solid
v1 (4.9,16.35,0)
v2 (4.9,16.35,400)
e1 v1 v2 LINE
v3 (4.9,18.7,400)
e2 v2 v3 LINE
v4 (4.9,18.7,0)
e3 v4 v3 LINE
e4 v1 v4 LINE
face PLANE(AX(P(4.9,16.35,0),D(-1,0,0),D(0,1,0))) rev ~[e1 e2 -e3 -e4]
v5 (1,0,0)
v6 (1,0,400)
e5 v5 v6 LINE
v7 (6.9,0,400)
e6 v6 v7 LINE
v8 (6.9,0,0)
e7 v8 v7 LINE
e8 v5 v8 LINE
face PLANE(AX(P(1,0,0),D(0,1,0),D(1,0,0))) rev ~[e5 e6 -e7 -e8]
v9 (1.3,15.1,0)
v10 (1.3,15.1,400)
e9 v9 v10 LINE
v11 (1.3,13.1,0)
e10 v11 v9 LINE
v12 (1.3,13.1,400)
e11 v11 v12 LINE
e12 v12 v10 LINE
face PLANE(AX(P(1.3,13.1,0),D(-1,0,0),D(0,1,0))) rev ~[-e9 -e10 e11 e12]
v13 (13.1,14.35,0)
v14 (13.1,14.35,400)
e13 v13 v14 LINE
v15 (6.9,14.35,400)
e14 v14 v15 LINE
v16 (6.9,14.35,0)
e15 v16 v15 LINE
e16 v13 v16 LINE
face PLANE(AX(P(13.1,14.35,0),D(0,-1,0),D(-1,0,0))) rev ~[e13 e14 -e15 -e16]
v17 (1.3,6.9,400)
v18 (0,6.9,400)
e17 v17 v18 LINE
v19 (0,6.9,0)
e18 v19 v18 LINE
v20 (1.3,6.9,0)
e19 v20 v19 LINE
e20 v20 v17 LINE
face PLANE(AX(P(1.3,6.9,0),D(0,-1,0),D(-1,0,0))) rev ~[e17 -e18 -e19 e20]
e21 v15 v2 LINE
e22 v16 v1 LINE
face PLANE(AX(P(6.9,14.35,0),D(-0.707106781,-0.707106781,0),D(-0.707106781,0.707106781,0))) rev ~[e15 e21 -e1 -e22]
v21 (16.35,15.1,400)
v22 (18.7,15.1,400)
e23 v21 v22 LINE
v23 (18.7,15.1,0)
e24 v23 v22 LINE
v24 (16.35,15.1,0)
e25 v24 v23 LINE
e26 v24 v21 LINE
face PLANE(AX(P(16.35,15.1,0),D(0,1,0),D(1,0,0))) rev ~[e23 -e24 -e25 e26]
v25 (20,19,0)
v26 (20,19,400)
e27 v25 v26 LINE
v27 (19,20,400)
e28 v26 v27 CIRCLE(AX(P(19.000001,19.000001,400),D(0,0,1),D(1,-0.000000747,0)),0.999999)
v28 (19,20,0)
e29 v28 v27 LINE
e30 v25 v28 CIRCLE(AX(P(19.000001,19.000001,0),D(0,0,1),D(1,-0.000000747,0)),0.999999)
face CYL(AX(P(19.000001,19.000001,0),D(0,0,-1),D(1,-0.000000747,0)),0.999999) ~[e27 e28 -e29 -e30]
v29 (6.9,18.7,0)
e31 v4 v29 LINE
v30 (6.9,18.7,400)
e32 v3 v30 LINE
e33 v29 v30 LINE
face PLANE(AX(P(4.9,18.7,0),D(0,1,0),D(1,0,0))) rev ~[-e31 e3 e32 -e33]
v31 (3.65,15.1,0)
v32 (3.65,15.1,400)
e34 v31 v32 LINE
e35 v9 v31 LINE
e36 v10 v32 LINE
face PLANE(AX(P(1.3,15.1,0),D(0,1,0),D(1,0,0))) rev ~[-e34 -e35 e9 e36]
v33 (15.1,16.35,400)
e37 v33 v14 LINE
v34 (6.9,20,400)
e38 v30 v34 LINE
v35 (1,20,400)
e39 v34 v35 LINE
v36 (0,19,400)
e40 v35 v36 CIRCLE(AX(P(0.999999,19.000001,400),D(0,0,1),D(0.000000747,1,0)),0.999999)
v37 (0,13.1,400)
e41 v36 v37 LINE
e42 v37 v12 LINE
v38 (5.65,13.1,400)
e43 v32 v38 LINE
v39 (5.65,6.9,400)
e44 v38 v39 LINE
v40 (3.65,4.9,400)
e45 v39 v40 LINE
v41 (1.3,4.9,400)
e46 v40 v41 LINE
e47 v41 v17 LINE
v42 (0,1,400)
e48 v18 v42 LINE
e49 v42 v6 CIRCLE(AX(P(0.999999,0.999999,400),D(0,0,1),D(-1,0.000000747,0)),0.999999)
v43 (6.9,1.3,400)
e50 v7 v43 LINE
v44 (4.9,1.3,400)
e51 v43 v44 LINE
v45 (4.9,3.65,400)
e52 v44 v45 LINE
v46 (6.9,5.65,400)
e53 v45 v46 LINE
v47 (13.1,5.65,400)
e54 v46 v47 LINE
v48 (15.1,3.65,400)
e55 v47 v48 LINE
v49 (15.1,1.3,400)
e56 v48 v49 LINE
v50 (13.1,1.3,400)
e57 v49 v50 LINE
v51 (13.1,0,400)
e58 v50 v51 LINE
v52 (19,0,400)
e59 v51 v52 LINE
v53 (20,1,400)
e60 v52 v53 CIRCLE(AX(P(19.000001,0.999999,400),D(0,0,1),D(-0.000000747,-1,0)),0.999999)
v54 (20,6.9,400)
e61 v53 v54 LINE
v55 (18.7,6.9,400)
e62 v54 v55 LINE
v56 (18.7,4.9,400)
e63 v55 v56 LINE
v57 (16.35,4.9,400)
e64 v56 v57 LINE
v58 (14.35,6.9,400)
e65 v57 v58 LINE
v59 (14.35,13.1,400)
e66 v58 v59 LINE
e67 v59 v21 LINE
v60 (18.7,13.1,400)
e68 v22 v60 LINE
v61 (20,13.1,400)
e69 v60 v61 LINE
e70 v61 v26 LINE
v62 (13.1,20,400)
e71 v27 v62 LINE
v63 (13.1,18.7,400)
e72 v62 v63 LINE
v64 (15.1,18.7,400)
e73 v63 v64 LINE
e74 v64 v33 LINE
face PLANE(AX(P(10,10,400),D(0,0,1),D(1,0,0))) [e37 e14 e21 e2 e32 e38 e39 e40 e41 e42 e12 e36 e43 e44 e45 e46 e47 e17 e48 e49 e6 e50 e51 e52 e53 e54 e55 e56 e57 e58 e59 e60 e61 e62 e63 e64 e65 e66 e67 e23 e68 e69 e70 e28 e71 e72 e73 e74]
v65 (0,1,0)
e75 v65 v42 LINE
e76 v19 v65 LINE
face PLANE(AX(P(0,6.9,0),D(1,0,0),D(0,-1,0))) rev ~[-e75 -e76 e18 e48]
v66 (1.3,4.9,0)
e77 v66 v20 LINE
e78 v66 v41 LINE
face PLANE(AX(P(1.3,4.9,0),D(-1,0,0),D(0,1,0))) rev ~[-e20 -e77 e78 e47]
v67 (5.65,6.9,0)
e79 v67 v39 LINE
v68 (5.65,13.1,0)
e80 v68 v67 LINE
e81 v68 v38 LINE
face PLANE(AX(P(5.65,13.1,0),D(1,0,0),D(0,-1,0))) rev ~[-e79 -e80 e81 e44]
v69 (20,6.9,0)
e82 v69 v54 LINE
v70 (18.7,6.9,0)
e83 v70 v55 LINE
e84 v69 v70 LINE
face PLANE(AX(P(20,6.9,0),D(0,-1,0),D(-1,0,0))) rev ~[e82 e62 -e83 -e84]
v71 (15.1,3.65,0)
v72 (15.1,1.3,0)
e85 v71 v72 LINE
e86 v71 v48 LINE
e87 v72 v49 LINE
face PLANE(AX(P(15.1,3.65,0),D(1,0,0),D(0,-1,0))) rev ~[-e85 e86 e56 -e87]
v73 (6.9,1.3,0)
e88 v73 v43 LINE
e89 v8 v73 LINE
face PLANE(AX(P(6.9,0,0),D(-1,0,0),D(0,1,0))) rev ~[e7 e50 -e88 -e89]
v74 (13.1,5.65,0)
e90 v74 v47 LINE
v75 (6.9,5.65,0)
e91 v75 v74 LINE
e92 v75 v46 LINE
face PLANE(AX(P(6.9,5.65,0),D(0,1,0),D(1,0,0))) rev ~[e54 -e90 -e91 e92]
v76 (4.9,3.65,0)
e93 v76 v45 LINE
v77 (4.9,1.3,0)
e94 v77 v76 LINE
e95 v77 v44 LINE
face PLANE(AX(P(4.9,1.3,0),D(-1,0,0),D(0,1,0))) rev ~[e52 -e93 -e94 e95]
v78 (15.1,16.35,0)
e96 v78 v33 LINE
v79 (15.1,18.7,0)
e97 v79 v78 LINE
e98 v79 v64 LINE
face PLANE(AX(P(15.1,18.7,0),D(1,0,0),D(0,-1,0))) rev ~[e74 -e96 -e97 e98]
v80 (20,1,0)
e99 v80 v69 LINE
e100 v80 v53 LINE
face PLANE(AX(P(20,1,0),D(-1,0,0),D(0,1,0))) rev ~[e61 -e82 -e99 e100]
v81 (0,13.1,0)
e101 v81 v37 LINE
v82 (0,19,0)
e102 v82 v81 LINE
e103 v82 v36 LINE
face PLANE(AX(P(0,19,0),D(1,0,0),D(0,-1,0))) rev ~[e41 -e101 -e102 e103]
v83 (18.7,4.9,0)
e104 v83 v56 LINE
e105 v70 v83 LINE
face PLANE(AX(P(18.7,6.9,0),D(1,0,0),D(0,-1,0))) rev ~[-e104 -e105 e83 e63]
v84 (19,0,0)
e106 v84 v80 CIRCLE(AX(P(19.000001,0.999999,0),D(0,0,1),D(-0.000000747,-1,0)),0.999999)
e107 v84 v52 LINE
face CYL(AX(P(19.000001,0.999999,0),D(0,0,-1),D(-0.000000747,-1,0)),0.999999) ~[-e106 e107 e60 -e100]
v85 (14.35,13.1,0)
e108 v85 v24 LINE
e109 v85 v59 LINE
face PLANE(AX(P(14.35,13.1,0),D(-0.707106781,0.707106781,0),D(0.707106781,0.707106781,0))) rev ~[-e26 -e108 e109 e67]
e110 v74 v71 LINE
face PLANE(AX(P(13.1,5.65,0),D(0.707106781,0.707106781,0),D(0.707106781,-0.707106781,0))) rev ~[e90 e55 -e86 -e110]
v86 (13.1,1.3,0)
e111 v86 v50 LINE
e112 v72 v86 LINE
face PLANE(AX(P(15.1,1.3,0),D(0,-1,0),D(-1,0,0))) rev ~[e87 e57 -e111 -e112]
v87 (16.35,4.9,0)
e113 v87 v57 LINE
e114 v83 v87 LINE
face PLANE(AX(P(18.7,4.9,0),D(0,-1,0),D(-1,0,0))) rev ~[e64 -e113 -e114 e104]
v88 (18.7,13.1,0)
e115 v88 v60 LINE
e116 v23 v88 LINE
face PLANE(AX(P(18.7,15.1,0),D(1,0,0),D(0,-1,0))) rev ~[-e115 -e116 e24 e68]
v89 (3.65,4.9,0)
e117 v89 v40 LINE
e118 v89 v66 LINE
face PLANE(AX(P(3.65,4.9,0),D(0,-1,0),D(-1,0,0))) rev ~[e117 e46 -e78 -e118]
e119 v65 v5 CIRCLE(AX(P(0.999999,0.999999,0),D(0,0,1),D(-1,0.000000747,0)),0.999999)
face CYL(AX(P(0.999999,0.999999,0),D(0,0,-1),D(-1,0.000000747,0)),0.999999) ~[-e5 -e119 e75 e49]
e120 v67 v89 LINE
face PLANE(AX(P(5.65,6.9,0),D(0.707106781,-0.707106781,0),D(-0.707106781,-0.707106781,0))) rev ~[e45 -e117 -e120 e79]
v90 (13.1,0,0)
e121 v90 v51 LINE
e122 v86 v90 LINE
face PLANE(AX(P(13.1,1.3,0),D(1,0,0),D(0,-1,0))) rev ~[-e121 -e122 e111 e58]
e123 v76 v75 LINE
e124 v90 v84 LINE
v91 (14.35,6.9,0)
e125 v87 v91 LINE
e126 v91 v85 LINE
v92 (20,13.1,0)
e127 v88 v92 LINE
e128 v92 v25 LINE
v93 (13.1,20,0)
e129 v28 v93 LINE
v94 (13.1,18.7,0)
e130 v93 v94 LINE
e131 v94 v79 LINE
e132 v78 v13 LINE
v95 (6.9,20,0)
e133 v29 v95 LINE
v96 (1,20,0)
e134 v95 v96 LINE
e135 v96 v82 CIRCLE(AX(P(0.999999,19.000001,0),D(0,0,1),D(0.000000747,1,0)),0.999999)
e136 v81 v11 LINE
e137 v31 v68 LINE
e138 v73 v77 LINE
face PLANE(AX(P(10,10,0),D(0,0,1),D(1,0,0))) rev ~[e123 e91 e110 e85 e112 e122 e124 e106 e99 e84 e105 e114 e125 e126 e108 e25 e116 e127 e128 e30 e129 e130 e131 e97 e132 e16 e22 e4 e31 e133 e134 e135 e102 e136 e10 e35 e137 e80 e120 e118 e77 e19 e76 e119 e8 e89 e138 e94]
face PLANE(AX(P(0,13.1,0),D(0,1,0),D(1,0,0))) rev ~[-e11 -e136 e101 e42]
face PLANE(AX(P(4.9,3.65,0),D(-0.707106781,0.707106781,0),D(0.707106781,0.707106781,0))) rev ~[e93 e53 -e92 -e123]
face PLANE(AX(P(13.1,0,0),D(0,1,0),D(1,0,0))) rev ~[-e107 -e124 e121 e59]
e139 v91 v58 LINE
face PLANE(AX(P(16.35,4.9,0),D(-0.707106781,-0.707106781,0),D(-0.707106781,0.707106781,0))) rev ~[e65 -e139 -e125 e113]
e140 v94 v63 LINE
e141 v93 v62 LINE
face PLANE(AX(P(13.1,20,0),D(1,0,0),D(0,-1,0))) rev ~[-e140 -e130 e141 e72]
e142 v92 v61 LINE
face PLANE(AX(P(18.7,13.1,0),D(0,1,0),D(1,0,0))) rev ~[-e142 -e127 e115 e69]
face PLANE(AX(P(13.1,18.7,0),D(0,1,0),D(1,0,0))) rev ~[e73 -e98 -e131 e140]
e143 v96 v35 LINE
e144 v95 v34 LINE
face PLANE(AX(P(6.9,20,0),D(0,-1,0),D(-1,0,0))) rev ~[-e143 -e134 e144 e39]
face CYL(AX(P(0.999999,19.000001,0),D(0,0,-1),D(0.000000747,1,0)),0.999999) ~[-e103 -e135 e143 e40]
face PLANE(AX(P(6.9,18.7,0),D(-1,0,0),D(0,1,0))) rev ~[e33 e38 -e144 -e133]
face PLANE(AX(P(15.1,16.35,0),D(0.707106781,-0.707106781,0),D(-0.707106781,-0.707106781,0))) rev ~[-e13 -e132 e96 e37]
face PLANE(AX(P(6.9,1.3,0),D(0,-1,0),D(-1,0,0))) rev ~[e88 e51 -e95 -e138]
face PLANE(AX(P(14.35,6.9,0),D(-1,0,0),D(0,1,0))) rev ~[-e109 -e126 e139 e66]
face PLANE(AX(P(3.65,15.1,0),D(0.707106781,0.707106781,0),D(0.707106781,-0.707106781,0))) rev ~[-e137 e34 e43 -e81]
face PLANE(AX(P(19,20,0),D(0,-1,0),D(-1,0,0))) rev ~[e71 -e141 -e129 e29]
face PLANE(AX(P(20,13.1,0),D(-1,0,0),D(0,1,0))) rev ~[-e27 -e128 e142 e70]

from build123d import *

# Parameters (mm, degrees)
F1_DEPTH = 400


with BuildPart() as f1:
    # F0 (on Top) → F1 (new body)
    with BuildSketch(Plane.XY):
        with BuildLine():
            Line((5.65, 13.1), (5.65, 6.9))
            Line((5.65, 6.9), (3.65, 4.9))
            Line((3.65, 4.9), (1.3, 4.9))
            Line((1.3, 4.9), (1.3, 6.9))
            Line((1.3, 6.9), (0, 6.9))
            Line((0, 6.9), (0, 1))
            ThreePointArc((0, 1), (0.292893, 0.292893), (1, 0))
            Line((1, 0), (6.9, 0))
            Line((6.9, 0), (6.9, 1.3))
            Line((6.9, 1.3), (4.9, 1.3))
            Line((4.9, 1.3), (4.9, 3.65))
            Line((4.9, 3.65), (6.9, 5.65))
            Line((6.9, 5.65), (13.1, 5.65))
            Line((13.1, 5.65), (15.1, 3.65))
            Line((15.1, 3.65), (15.1, 1.3))
            Line((15.1, 1.3), (13.1, 1.3))
            Line((13.1, 1.3), (13.1, 0))
            Line((13.1, 0), (19, 0))
            ThreePointArc((19, 0), (19.707107, 0.292893), (20, 1))
            Line((20, 1), (20, 6.9))
            Line((20, 6.9), (18.7, 6.9))
            Line((18.7, 6.9), (18.7, 4.9))
            Line((18.7, 4.9), (16.35, 4.9))
            Line((16.35, 4.9), (14.35, 6.9))
            Line((14.35, 6.9), (14.35, 13.1))
            Line((14.35, 13.1), (16.35, 15.1))
            Line((16.35, 15.1), (18.7, 15.1))
            Line((18.7, 15.1), (18.7, 13.1))
            Line((18.7, 13.1), (20, 13.1))
            Line((20, 13.1), (20, 19))
            ThreePointArc((20, 19), (19.707107, 19.707107), (19, 20))
            Line((19, 20), (13.1, 20))
            Line((13.1, 20), (13.1, 18.7))
            Line((13.1, 18.7), (15.1, 18.7))
            Line((15.1, 18.7), (15.1, 16.35))
            Line((15.1, 16.35), (13.1, 14.35))
            Line((13.1, 14.35), (6.9, 14.35))
            Line((6.9, 14.35), (4.9, 16.35))
            Line((4.9, 16.35), (4.9, 18.7))
            Line((4.9, 18.7), (6.9, 18.7))
            Line((6.9, 18.7), (6.9, 20))
            Line((6.9, 20), (1, 20))
            ThreePointArc((1, 20), (0.292893, 19.707107), (0, 19))
            Line((0, 19), (0, 13.1))
            Line((0, 13.1), (1.3, 13.1))
            Line((1.3, 13.1), (1.3, 15.1))
            Line((1.3, 15.1), (3.65, 15.1))
            Line((3.65, 15.1), (5.65, 13.1))
        make_face()
    extrude(amount=F1_DEPTH)


solid = f1.part
